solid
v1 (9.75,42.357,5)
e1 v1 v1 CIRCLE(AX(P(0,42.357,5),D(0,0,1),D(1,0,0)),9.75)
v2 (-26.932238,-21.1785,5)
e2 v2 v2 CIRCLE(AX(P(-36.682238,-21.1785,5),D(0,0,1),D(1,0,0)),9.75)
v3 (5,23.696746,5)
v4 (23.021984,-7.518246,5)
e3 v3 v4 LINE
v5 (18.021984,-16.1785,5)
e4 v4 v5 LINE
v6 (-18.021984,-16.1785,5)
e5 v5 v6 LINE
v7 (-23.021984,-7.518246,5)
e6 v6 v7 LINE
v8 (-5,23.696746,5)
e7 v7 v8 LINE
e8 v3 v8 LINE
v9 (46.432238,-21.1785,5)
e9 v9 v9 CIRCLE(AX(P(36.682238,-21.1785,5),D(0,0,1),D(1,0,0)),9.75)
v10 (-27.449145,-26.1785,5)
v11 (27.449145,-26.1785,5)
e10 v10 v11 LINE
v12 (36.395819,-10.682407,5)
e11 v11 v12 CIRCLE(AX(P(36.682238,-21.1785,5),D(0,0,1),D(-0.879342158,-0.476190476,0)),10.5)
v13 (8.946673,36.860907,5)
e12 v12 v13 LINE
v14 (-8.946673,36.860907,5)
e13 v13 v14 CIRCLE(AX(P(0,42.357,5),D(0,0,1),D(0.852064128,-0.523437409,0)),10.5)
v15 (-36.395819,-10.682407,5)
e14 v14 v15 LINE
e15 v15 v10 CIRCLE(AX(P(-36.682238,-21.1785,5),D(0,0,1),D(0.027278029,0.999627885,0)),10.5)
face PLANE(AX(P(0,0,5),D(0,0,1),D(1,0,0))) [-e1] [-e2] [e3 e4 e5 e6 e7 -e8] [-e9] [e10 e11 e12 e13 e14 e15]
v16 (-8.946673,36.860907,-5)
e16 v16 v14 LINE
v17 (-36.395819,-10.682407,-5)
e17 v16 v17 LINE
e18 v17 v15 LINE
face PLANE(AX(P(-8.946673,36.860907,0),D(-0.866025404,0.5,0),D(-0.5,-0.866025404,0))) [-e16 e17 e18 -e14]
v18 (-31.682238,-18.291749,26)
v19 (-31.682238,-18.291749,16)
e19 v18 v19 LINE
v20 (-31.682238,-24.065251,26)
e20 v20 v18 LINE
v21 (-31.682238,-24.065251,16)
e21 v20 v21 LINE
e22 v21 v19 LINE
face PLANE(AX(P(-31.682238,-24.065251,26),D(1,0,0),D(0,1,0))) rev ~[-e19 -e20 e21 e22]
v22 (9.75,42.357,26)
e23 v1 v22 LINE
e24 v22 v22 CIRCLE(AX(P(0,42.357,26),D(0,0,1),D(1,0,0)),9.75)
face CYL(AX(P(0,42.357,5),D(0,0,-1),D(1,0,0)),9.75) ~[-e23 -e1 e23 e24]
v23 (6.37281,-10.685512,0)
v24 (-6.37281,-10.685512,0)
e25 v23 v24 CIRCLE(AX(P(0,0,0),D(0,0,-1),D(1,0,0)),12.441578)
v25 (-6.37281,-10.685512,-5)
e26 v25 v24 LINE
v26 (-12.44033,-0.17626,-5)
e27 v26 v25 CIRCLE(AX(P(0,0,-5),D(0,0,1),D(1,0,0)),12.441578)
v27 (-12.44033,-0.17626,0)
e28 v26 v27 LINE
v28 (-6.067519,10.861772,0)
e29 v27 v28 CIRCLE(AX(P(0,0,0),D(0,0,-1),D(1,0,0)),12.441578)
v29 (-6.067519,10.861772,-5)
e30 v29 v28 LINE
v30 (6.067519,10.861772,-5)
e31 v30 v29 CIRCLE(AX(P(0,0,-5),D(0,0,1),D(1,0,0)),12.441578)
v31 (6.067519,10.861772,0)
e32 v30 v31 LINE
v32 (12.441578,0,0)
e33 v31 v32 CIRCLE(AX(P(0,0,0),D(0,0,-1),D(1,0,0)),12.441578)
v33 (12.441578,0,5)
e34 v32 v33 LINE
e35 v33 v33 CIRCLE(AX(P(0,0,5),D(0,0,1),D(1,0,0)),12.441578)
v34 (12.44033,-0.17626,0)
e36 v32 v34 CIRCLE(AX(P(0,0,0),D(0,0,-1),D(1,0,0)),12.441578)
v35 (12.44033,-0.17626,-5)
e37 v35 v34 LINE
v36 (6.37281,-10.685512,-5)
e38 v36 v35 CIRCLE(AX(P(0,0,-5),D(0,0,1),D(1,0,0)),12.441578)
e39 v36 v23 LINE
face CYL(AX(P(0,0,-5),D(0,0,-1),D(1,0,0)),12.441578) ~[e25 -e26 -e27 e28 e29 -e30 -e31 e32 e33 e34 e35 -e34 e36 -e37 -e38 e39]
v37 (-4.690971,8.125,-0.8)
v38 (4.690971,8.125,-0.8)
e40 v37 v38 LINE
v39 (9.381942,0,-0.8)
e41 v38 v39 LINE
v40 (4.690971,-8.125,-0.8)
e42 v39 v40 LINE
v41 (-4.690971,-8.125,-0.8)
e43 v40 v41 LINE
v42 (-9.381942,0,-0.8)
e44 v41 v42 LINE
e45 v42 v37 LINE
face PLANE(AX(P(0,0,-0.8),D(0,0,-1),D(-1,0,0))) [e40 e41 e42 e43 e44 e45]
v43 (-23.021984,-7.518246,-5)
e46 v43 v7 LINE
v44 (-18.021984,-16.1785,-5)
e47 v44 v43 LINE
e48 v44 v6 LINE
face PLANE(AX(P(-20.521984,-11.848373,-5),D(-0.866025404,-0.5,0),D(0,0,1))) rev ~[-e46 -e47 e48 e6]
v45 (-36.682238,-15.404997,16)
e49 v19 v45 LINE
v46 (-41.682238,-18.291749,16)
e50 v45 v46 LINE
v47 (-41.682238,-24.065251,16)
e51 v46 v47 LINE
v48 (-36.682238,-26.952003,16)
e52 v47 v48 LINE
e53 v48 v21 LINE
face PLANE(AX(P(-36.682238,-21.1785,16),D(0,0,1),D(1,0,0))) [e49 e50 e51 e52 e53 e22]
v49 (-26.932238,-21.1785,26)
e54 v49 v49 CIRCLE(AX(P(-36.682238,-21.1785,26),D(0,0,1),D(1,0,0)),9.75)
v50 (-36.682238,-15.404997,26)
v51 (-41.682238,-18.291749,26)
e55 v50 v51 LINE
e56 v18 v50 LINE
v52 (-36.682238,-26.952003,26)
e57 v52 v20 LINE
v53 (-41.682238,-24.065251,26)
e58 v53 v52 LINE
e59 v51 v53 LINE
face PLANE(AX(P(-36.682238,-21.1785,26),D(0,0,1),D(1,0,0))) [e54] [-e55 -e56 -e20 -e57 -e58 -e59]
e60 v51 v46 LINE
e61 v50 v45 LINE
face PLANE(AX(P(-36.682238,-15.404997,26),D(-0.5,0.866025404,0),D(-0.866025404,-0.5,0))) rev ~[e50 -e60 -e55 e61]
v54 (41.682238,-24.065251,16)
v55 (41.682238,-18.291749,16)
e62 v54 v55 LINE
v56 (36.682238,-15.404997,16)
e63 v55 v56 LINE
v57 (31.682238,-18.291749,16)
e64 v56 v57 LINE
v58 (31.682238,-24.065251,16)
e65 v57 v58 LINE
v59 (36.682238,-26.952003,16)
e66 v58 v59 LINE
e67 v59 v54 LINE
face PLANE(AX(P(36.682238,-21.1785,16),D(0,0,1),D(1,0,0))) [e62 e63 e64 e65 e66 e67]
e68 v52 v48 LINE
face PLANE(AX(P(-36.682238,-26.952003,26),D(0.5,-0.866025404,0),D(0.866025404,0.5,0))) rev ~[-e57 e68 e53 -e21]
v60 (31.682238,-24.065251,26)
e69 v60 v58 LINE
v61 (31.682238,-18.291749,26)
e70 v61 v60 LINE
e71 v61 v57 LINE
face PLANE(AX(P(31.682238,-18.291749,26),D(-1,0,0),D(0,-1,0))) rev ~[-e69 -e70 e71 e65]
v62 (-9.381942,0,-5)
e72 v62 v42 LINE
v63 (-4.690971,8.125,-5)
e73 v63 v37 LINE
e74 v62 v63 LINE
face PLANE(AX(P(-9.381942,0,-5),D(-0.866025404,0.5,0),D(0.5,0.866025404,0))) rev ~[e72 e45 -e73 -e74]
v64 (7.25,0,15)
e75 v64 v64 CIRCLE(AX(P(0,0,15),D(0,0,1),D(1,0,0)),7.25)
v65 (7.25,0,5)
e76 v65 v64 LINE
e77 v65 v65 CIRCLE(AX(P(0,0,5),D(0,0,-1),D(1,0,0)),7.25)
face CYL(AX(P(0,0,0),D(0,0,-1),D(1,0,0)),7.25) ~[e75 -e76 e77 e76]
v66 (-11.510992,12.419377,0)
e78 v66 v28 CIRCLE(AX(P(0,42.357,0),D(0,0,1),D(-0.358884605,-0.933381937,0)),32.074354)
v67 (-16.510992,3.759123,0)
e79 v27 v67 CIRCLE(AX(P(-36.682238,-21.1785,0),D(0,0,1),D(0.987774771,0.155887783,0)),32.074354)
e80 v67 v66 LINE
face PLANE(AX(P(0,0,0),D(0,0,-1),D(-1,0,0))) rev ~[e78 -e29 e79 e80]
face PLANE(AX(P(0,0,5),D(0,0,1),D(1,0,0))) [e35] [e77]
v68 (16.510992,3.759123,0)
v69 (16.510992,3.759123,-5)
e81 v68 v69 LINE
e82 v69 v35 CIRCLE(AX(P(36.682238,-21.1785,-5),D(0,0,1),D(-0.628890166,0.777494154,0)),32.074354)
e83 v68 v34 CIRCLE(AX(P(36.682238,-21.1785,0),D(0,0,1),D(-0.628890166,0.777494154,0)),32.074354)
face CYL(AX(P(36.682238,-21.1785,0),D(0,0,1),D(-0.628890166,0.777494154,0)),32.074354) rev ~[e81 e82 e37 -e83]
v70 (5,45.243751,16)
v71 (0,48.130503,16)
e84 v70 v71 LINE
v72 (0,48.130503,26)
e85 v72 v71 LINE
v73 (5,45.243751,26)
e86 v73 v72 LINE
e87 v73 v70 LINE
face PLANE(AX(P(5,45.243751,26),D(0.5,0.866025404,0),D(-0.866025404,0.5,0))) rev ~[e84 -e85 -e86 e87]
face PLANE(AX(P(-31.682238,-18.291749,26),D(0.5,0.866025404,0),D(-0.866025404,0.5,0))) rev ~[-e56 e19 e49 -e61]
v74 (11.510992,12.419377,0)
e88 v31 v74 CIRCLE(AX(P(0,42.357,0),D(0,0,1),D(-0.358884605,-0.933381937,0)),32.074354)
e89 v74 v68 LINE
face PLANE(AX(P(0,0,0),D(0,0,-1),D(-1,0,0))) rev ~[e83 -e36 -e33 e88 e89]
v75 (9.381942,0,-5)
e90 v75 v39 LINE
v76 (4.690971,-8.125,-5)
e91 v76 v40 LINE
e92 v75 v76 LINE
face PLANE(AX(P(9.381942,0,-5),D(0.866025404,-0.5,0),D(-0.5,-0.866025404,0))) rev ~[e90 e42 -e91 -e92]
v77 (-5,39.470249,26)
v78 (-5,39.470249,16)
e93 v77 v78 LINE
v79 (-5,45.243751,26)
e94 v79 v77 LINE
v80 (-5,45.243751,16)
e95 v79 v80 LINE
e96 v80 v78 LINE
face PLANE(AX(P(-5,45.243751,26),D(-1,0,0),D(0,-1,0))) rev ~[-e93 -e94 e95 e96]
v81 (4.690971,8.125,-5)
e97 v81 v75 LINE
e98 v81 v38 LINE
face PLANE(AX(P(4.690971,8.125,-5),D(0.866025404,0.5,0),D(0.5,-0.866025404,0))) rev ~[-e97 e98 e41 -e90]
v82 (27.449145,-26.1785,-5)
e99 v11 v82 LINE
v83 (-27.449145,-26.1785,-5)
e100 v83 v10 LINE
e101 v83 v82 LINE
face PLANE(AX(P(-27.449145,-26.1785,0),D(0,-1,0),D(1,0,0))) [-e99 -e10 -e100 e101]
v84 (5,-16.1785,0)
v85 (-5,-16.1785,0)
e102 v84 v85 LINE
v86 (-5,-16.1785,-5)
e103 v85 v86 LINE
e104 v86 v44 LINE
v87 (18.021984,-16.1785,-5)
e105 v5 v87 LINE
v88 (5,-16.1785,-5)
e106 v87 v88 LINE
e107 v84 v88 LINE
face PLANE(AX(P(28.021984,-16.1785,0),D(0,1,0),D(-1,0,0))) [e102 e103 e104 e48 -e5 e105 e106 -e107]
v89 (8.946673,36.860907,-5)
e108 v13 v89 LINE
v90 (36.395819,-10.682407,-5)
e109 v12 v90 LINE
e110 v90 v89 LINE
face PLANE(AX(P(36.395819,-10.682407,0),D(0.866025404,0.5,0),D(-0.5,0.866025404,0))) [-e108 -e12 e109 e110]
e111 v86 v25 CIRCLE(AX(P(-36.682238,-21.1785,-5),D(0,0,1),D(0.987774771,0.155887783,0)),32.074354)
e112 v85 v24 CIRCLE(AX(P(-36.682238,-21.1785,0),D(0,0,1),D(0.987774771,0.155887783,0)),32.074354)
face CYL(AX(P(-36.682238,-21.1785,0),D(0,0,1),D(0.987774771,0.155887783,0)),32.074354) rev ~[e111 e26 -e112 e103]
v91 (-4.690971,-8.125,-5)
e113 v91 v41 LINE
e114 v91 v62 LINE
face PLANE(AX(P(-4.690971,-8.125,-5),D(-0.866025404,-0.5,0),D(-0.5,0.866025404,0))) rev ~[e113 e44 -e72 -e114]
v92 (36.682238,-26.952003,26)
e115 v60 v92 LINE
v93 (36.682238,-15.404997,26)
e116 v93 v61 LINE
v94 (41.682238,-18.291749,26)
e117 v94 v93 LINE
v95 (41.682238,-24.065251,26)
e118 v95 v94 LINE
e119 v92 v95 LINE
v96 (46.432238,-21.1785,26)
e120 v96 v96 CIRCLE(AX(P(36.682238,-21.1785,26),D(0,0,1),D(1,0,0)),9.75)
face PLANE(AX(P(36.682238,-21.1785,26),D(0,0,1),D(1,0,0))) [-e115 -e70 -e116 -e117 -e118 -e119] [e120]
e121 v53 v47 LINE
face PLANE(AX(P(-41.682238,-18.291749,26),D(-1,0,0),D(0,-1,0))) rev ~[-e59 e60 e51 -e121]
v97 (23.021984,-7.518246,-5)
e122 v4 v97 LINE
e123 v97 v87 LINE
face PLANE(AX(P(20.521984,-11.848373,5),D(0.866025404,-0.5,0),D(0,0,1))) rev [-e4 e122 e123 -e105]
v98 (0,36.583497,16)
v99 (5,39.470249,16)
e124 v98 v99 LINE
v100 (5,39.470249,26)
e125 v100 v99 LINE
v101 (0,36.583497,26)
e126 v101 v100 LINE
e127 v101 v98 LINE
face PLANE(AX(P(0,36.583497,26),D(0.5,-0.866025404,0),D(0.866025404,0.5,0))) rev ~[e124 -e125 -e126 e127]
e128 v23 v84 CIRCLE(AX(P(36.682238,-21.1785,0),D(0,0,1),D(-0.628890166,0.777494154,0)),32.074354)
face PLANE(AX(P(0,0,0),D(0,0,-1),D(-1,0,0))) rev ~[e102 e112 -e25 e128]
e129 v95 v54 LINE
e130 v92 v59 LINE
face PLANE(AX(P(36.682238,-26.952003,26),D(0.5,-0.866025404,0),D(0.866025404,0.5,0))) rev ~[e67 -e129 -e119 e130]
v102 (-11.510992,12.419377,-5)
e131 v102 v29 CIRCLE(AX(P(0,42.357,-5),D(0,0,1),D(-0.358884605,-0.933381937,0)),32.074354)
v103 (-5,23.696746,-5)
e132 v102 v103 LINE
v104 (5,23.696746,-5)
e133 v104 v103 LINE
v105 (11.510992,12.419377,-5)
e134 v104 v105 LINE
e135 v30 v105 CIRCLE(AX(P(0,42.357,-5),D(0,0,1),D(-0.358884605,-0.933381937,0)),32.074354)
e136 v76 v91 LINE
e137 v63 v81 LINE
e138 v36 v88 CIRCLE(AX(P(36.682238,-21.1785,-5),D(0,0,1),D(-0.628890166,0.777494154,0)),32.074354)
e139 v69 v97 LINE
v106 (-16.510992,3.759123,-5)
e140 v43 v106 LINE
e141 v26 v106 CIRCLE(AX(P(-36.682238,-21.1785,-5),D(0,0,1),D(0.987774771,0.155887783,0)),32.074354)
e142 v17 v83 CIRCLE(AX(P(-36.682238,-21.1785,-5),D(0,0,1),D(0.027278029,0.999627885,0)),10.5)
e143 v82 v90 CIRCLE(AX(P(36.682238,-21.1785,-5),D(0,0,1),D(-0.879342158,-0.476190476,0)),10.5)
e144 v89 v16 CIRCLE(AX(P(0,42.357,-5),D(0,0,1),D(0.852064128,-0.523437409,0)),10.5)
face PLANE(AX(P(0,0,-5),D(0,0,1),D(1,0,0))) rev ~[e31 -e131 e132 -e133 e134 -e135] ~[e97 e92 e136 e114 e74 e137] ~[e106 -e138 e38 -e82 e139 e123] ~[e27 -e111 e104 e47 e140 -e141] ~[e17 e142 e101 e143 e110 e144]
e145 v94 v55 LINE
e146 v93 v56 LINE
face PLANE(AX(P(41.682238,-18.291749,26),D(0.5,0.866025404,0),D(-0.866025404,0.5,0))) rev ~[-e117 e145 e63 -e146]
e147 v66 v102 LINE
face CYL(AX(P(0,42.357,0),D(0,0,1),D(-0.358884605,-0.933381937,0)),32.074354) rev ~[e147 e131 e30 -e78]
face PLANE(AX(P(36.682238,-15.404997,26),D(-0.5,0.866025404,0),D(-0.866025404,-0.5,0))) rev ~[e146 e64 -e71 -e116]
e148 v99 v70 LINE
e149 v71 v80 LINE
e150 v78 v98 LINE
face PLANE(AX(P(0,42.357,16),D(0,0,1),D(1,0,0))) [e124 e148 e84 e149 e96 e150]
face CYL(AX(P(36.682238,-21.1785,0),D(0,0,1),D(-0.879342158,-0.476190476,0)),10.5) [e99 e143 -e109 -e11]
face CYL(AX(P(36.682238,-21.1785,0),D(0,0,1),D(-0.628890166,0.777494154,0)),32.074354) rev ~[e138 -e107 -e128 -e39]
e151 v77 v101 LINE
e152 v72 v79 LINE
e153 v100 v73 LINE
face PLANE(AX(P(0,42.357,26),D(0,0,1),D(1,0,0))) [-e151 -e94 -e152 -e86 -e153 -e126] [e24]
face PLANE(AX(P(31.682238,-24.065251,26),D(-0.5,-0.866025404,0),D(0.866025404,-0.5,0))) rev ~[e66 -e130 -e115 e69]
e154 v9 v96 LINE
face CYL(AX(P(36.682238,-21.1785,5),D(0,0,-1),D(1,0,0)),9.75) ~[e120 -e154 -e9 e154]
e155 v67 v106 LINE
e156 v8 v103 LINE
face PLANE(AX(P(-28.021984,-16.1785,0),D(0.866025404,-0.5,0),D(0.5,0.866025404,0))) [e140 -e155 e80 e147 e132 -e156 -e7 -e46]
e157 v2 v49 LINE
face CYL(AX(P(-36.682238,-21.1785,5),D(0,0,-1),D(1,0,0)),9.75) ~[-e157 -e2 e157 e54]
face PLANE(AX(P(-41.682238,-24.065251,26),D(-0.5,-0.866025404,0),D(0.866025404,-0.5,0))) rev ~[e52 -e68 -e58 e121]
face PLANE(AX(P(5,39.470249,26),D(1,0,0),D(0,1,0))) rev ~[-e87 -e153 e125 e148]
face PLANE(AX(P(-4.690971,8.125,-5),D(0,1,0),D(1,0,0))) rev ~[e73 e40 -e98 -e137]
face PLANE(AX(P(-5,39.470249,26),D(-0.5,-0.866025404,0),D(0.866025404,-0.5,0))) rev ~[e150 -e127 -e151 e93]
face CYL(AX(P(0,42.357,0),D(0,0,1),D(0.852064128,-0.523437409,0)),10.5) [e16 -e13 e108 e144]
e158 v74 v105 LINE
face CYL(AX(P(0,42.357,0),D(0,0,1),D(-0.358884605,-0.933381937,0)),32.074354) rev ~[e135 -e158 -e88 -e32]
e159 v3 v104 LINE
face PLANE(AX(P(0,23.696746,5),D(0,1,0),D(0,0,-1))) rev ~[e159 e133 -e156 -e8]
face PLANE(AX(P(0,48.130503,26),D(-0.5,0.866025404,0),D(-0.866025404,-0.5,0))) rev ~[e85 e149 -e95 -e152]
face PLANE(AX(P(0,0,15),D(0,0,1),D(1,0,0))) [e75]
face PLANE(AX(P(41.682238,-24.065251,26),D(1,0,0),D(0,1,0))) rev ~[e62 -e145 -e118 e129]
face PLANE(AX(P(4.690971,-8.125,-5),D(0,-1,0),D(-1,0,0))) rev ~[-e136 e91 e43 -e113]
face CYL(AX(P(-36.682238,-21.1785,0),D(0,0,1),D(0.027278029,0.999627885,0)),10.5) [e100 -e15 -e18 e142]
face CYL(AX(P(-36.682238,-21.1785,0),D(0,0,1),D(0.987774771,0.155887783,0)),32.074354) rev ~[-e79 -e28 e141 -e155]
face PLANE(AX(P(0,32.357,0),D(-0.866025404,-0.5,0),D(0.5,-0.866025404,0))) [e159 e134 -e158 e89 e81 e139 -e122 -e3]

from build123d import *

# Parameters (mm, degrees)
BOSS_EXTRUDE1_DEPTH = 5
BOSS_EXTRUDE2_DEPTH = 5
SKETCH4_R           = 9.75
BOSS_EXTRUDE3_DEPTH = 21
BOSS_EXTRUDE4_START = -5
SKETCH5_R           = 12.441578391
BOSS_EXTRUDE4_DEPTH = 10
SKETCH5_3_R         = 7.25
BOSS_EXTRUDE5_DEPTH = 15
CHAMFER1_SIZE       = 10
CUT_EXTRUDE1_DEPTH  = 10
CUT_EXTRUDE2_DEPTH  = 4.2


with BuildPart() as part:
    # Sketch2 → Boss-Extrude1 (new body, symmetric)
    with BuildSketch(Plane.XY):
        with BuildLine():
            ThreePointArc((8.946673347, 36.860907204), (0, 52.857), (-8.946673347, 36.860907204))
            Line((-8.946673347, 36.860907204), (-36.395818719, -10.682407204))
            ThreePointArc((-36.395818719, -10.682407204), (-45.775504768, -26.4285), (-27.449145372, -26.1785))
            Line((-27.449145372, -26.1785), (27.449145372, -26.1785))
            ThreePointArc((27.449145372, -26.1785), (45.775504768, -26.4285), (36.395818719, -10.682407204))
            Line((36.395818719, -10.682407204), (8.946673347, 36.860907204))
        make_face()
        Polygon((-28.02198399, -16.1785), (0, 32.357), (28.02198399, -16.1785), align=None, mode=Mode.SUBTRACT)
    extrude(amount=BOSS_EXTRUDE1_DEPTH, both=True)

    # Sketch3 → Boss-Extrude2 (add)
    with BuildSketch(Plane.XY):
        with BuildLine():
            Line((-16.510991995, 3.759122981), (-11.510991995, 12.419377019))
            ThreePointArc((-11.510991995, 12.419377019), (0, 10.282645658), (11.510991995, 12.419377019))
            Line((11.510991995, 12.419377019), (16.510991995, 3.759122981))
            ThreePointArc((16.510991995, 3.759122981), (8.905032358, -5.141322829), (5, -16.1785))
            Line((5, -16.1785), (-5, -16.1785))
            ThreePointArc((-5, -16.1785), (-8.905032358, -5.141322829), (-16.510991995, 3.759122981))
        make_face()
    extrude(amount=-BOSS_EXTRUDE2_DEPTH)

    # Sketch4 → Boss-Extrude3 (add)
    with BuildSketch(Plane.XY.offset(5)):
        with Locations((-36.682238028, -21.1785)):
            Circle(SKETCH4_R)
        with Locations((36.682238028, -21.1785)):
            Circle(SKETCH4_R)
        with Locations((0, 42.357)):
            Circle(SKETCH4_R)
    extrude(amount=BOSS_EXTRUDE3_DEPTH)

    # Sketch5 → Boss-Extrude4 (add)
    with BuildSketch(Plane.XY.offset(BOSS_EXTRUDE4_START)):
        Circle(SKETCH5_R)
    extrude(amount=BOSS_EXTRUDE4_DEPTH)

    # Sketch5<3> → Boss-Extrude5 (add)
    with BuildSketch(Plane.XY):
        Circle(SKETCH5_3_R)
    extrude(amount=BOSS_EXTRUDE5_DEPTH)

    # Chamfer1
    chamfer1_edges = [part.edges().sort_by_distance(p)[0] for p in [
        (28.02198399, -16.1785, 0),
        (-28.02198399, -16.1785, 0),
        (0, 32.357, 0),
    ]]
    chamfer(chamfer1_edges, length=CHAMFER1_SIZE)

    # Sketch8 → Cut-Extrude1 (cut)
    with BuildSketch(Plane.XY.offset(26)):
        Polygon((-41.682238028, -24.065251346), (-36.682238028, -26.952002692), (-31.682238028, -24.065251346), (-31.682238028, -18.291748654), (-36.682238028, -15.404997308), (-41.682238028, -18.291748654), align=None)
        Polygon((41.682238028, -24.065251346), (41.682238028, -18.291748654), (36.682238028, -15.404997308), (31.682238028, -18.291748654), (31.682238028, -24.065251346), (36.682238028, -26.952002692), align=None)
        Polygon((0, 48.130502692), (-5, 45.243751346), (-5, 39.470248654), (0, 36.583497308), (5, 39.470248654), (5, 45.243751346), align=None)
    extrude(amount=-CUT_EXTRUDE1_DEPTH, mode=Mode.SUBTRACT)

    # Sketch10 → Cut-Extrude2 (cut)
    with BuildSketch(Plane(origin=(0, 0, -5), x_dir=(-1, 0, 0), z_dir=(0, 0, -1))):
        Polygon((9.381941874, 0), (4.690970937, 8.125), (-4.690970937, 8.125), (-9.381941874, 0), (-4.690970937, -8.125), (4.690970937, -8.125), align=None)
    extrude(amount=-CUT_EXTRUDE2_DEPTH, mode=Mode.SUBTRACT)


solid = part.part
